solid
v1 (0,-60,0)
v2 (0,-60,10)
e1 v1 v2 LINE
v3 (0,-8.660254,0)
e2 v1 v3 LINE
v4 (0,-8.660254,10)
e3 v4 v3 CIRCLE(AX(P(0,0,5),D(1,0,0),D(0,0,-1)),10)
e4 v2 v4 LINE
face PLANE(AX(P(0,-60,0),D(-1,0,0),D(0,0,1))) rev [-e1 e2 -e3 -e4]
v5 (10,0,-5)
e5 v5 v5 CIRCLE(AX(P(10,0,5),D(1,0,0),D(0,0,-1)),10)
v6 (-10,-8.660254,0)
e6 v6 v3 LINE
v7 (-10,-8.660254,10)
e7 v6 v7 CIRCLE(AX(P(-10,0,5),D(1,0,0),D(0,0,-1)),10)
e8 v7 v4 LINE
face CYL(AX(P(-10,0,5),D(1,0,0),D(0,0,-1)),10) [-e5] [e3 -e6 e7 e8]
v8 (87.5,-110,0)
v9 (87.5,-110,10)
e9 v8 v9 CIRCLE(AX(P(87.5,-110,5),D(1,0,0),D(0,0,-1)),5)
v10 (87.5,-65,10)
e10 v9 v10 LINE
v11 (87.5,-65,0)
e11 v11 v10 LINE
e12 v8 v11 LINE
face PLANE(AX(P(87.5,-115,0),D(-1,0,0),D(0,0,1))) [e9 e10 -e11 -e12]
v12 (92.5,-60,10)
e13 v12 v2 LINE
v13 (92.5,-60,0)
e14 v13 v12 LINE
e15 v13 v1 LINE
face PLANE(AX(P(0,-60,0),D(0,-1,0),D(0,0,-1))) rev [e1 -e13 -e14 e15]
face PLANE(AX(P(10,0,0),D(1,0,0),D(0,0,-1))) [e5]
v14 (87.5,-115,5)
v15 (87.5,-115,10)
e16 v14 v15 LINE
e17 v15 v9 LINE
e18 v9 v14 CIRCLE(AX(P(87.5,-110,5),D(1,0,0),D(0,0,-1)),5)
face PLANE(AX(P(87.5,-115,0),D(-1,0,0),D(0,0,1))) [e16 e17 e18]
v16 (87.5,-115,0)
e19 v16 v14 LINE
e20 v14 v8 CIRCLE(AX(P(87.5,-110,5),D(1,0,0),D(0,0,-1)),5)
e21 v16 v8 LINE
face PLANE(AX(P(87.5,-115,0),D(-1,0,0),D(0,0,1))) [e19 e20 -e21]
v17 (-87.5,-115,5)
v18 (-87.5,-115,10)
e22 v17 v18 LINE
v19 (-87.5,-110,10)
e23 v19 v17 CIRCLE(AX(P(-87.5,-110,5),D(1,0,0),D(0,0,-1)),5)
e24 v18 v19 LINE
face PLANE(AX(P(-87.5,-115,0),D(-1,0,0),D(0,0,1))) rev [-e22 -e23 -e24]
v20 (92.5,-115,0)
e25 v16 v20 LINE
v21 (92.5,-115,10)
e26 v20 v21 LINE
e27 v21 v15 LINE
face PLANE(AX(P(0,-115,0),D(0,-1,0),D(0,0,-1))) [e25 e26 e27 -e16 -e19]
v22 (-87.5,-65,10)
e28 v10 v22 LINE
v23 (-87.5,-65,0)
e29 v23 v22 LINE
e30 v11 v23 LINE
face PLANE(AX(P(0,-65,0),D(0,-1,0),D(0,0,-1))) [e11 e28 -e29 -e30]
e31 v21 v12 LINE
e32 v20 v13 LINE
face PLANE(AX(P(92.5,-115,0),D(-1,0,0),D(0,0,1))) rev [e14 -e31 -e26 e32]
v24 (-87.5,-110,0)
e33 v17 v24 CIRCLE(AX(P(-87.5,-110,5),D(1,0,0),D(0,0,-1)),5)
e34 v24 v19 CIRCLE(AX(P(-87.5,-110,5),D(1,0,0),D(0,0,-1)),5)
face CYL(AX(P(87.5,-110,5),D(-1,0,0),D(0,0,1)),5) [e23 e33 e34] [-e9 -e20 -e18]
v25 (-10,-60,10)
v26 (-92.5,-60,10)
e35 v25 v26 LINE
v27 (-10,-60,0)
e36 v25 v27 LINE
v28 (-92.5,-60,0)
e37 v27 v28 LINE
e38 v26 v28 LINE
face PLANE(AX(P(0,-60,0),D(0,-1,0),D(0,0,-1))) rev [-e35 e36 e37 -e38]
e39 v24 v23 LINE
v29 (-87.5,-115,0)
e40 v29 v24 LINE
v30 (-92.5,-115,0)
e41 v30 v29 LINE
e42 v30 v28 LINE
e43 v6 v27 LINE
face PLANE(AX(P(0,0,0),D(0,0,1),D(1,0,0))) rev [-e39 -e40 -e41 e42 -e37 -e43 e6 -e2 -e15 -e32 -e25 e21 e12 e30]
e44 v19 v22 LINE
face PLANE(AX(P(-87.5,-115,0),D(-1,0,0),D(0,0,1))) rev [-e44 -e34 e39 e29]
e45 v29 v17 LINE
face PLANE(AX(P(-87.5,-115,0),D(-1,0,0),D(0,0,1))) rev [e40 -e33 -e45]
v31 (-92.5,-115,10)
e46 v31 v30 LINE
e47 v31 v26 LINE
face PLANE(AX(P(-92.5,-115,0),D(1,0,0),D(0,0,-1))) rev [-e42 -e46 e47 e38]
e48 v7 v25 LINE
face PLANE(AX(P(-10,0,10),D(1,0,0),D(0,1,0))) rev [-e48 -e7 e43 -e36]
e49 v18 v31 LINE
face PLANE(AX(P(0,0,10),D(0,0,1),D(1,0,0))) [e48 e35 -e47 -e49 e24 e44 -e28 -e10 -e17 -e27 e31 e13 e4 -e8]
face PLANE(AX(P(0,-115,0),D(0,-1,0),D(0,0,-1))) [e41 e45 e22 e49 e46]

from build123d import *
from build123d.topology import SkipClean

# Parameters (mm, degrees)
EXTRUDE_1_DEPTH     = 10
EXTRUDE_START       = -10
EXTRUDE_2_DEPTH     = 10
SKETCH_2_W          = 5
SKETCH_2_H          = 10
EXTRUDE_6_DEPTH     = 55
EXTRUDE_6_2_DEPTH   = 55
SKETCH_2_5_W        = 180
SKETCH_2_5_H        = 10
EXTRUDE_7_DEPTH     = 5
SKETCH_5_R          = 5
EXTRUDE_8_DEPTH     = 175
CUT_EXTRUDE_1_DEPTH = 175
SKETCH_7_W          = 10
SKETCH_7_H          = 10
CUT_EXTRUDE_2_DEPTH = 50
EXTRUDE_9_DEPTH     = 10
SKETCH_8_3_R        = 10
EXTRUDE_10_DEPTH    = 10


with BuildPart() as part:
    # 草图1 → 凸台-拉伸1 (new body)
    with BuildSketch(Plane.XY):
        with BuildLine():
            Line((10, -60), (10, 0))
            ThreePointArc((10, 0), (0, 10), (-10, 0))
            Line((-10, 0), (-10, -60))
            Line((-10, -60), (10, -60))
        make_face()
    extrude(amount=EXTRUDE_1_DEPTH)

    # 草图1<4> → 凸台-拉伸2 (add)
    with BuildSketch(Plane.XY.offset(EXTRUDE_START)):
        with BuildLine():
            ThreePointArc((10, 0), (0, 10), (-10, 0))
            ThreePointArc((-10, 0), (0, -10), (10, 0))
        make_face()
    extrude(amount=EXTRUDE_2_DEPTH)



with BuildPart() as body_2:
    # 草图2 → 凸台-拉伸6 (new body)
    with BuildSketch(Plane.XZ.offset(60)):
        with Locations((-90, 5)):
            Rectangle(SKETCH_2_W, SKETCH_2_H)
    extrude(amount=EXTRUDE_6_DEPTH)


with BuildPart() as body_3:
    # 草图2 → Extrude 6 2 (new body)
    with BuildSketch(Plane.XZ.offset(60)):
        with Locations((90, 5)):
            Rectangle(SKETCH_2_W, SKETCH_2_H)
    extrude(amount=EXTRUDE_6_2_DEPTH)


with BuildPart() as part_1:
    add(part.part)

    add(body_2.part)  # 凸台-拉伸7 merges body 2

    add(body_3.part)  # 凸台-拉伸7 merges body 3
    # 草图2<5> → 凸台-拉伸7 (add)
    with BuildSketch(Plane.XZ.offset(60)):
        with Locations((-2.5, 5)):
            Rectangle(SKETCH_2_5_W, SKETCH_2_5_H)
    extrude(amount=EXTRUDE_7_DEPTH)

    # 草图5 → 凸台-拉伸8 (add)
    with BuildSketch(Plane(origin=(-87.5, 0, 0), x_dir=(0, 0, -1), z_dir=(1, 0, 0))):
        with Locations((-5, -110)):
            Circle(SKETCH_5_R)
    extrude(amount=EXTRUDE_8_DEPTH)

    # 草图6 → 切除-拉伸1 (cut)
    with BuildSketch(Plane(origin=(0, 0, -10), x_dir=(-1, 0, 0), z_dir=(0, 0, -1))):
        with BuildLine():
            ThreePointArc((10, 0), (7.071067812, -7.071067812), (0, -10))
            Line((0, -10), (10, -10))
            Line((10, -10), (10, 0))
        make_face()
        with BuildLine():
            Line((-10, -10), (0, -10))
            ThreePointArc((0, -10), (-7.071067812, -7.071067812), (-10, 0))
            Line((-10, 0), (-10, -10))
        make_face()
        with BuildLine():
            ThreePointArc((-2.7e-08, 10), (7.071067802, 7.071067821), (10, 0))
            Line((10, 0), (10, 10))
            Line((10, 10), (-2.7e-08, 10))
        make_face()
        with BuildLine():
            Line((-10, 10), (-10, 0))
            ThreePointArc((-10, 0), (-7.071067821, 7.071067802), (-2.7e-08, 10))
            Line((-2.7e-08, 10), (-10, 10))
        make_face()
    extrude(amount=-CUT_EXTRUDE_1_DEPTH, mode=Mode.SUBTRACT)


with BuildPart() as cut_extrude_1_kept_piece:
    # of the separate pieces the step leaves, the one the design keeps (cut_extrude_1_pieces_kept)
    add(part_1.part.solids().sort_by_distance((-87.5, -65, 0))[0])

    # 草图7 → 切除-拉伸2 (cut)
    with BuildSketch(Plane(origin=(0, -10, 0), x_dir=(1, 0, 0), z_dir=(0, 1, 0))):
        with Locations((5, -5)):
            Rectangle(SKETCH_7_W, SKETCH_7_H)
    extrude(amount=-CUT_EXTRUDE_2_DEPTH, mode=Mode.SUBTRACT)

    # 草图8 → 凸台-拉伸9 (add)
    with BuildSketch(Plane(origin=(0, 0, 0), x_dir=(0, 0, -1), z_dir=(1, 0, 0))):
        with BuildLine():
            Line((-10, -8.660254038), (-10, -10))
            Line((-10, -10), (0, -10))
            Line((0, -10), (0, -8.660254038))
            ThreePointArc((0, -8.660254038), (-5, 10), (-10, -8.660254038))
        make_face()
    extrude(amount=-EXTRUDE_9_DEPTH)

    # 草图8<3> → 凸台-拉伸10 (add)
    with SkipClean():  # the faces are left unmerged after this step: merging them gives an invalid solid
        with BuildSketch(Plane(origin=(0, 0, 0), x_dir=(0, 0, -1), z_dir=(1, 0, 0))):
            with Locations((-5, 0)):
                Circle(SKETCH_8_3_R)
        extrude(amount=EXTRUDE_10_DEPTH)


solid = cut_extrude_1_kept_piece.part
